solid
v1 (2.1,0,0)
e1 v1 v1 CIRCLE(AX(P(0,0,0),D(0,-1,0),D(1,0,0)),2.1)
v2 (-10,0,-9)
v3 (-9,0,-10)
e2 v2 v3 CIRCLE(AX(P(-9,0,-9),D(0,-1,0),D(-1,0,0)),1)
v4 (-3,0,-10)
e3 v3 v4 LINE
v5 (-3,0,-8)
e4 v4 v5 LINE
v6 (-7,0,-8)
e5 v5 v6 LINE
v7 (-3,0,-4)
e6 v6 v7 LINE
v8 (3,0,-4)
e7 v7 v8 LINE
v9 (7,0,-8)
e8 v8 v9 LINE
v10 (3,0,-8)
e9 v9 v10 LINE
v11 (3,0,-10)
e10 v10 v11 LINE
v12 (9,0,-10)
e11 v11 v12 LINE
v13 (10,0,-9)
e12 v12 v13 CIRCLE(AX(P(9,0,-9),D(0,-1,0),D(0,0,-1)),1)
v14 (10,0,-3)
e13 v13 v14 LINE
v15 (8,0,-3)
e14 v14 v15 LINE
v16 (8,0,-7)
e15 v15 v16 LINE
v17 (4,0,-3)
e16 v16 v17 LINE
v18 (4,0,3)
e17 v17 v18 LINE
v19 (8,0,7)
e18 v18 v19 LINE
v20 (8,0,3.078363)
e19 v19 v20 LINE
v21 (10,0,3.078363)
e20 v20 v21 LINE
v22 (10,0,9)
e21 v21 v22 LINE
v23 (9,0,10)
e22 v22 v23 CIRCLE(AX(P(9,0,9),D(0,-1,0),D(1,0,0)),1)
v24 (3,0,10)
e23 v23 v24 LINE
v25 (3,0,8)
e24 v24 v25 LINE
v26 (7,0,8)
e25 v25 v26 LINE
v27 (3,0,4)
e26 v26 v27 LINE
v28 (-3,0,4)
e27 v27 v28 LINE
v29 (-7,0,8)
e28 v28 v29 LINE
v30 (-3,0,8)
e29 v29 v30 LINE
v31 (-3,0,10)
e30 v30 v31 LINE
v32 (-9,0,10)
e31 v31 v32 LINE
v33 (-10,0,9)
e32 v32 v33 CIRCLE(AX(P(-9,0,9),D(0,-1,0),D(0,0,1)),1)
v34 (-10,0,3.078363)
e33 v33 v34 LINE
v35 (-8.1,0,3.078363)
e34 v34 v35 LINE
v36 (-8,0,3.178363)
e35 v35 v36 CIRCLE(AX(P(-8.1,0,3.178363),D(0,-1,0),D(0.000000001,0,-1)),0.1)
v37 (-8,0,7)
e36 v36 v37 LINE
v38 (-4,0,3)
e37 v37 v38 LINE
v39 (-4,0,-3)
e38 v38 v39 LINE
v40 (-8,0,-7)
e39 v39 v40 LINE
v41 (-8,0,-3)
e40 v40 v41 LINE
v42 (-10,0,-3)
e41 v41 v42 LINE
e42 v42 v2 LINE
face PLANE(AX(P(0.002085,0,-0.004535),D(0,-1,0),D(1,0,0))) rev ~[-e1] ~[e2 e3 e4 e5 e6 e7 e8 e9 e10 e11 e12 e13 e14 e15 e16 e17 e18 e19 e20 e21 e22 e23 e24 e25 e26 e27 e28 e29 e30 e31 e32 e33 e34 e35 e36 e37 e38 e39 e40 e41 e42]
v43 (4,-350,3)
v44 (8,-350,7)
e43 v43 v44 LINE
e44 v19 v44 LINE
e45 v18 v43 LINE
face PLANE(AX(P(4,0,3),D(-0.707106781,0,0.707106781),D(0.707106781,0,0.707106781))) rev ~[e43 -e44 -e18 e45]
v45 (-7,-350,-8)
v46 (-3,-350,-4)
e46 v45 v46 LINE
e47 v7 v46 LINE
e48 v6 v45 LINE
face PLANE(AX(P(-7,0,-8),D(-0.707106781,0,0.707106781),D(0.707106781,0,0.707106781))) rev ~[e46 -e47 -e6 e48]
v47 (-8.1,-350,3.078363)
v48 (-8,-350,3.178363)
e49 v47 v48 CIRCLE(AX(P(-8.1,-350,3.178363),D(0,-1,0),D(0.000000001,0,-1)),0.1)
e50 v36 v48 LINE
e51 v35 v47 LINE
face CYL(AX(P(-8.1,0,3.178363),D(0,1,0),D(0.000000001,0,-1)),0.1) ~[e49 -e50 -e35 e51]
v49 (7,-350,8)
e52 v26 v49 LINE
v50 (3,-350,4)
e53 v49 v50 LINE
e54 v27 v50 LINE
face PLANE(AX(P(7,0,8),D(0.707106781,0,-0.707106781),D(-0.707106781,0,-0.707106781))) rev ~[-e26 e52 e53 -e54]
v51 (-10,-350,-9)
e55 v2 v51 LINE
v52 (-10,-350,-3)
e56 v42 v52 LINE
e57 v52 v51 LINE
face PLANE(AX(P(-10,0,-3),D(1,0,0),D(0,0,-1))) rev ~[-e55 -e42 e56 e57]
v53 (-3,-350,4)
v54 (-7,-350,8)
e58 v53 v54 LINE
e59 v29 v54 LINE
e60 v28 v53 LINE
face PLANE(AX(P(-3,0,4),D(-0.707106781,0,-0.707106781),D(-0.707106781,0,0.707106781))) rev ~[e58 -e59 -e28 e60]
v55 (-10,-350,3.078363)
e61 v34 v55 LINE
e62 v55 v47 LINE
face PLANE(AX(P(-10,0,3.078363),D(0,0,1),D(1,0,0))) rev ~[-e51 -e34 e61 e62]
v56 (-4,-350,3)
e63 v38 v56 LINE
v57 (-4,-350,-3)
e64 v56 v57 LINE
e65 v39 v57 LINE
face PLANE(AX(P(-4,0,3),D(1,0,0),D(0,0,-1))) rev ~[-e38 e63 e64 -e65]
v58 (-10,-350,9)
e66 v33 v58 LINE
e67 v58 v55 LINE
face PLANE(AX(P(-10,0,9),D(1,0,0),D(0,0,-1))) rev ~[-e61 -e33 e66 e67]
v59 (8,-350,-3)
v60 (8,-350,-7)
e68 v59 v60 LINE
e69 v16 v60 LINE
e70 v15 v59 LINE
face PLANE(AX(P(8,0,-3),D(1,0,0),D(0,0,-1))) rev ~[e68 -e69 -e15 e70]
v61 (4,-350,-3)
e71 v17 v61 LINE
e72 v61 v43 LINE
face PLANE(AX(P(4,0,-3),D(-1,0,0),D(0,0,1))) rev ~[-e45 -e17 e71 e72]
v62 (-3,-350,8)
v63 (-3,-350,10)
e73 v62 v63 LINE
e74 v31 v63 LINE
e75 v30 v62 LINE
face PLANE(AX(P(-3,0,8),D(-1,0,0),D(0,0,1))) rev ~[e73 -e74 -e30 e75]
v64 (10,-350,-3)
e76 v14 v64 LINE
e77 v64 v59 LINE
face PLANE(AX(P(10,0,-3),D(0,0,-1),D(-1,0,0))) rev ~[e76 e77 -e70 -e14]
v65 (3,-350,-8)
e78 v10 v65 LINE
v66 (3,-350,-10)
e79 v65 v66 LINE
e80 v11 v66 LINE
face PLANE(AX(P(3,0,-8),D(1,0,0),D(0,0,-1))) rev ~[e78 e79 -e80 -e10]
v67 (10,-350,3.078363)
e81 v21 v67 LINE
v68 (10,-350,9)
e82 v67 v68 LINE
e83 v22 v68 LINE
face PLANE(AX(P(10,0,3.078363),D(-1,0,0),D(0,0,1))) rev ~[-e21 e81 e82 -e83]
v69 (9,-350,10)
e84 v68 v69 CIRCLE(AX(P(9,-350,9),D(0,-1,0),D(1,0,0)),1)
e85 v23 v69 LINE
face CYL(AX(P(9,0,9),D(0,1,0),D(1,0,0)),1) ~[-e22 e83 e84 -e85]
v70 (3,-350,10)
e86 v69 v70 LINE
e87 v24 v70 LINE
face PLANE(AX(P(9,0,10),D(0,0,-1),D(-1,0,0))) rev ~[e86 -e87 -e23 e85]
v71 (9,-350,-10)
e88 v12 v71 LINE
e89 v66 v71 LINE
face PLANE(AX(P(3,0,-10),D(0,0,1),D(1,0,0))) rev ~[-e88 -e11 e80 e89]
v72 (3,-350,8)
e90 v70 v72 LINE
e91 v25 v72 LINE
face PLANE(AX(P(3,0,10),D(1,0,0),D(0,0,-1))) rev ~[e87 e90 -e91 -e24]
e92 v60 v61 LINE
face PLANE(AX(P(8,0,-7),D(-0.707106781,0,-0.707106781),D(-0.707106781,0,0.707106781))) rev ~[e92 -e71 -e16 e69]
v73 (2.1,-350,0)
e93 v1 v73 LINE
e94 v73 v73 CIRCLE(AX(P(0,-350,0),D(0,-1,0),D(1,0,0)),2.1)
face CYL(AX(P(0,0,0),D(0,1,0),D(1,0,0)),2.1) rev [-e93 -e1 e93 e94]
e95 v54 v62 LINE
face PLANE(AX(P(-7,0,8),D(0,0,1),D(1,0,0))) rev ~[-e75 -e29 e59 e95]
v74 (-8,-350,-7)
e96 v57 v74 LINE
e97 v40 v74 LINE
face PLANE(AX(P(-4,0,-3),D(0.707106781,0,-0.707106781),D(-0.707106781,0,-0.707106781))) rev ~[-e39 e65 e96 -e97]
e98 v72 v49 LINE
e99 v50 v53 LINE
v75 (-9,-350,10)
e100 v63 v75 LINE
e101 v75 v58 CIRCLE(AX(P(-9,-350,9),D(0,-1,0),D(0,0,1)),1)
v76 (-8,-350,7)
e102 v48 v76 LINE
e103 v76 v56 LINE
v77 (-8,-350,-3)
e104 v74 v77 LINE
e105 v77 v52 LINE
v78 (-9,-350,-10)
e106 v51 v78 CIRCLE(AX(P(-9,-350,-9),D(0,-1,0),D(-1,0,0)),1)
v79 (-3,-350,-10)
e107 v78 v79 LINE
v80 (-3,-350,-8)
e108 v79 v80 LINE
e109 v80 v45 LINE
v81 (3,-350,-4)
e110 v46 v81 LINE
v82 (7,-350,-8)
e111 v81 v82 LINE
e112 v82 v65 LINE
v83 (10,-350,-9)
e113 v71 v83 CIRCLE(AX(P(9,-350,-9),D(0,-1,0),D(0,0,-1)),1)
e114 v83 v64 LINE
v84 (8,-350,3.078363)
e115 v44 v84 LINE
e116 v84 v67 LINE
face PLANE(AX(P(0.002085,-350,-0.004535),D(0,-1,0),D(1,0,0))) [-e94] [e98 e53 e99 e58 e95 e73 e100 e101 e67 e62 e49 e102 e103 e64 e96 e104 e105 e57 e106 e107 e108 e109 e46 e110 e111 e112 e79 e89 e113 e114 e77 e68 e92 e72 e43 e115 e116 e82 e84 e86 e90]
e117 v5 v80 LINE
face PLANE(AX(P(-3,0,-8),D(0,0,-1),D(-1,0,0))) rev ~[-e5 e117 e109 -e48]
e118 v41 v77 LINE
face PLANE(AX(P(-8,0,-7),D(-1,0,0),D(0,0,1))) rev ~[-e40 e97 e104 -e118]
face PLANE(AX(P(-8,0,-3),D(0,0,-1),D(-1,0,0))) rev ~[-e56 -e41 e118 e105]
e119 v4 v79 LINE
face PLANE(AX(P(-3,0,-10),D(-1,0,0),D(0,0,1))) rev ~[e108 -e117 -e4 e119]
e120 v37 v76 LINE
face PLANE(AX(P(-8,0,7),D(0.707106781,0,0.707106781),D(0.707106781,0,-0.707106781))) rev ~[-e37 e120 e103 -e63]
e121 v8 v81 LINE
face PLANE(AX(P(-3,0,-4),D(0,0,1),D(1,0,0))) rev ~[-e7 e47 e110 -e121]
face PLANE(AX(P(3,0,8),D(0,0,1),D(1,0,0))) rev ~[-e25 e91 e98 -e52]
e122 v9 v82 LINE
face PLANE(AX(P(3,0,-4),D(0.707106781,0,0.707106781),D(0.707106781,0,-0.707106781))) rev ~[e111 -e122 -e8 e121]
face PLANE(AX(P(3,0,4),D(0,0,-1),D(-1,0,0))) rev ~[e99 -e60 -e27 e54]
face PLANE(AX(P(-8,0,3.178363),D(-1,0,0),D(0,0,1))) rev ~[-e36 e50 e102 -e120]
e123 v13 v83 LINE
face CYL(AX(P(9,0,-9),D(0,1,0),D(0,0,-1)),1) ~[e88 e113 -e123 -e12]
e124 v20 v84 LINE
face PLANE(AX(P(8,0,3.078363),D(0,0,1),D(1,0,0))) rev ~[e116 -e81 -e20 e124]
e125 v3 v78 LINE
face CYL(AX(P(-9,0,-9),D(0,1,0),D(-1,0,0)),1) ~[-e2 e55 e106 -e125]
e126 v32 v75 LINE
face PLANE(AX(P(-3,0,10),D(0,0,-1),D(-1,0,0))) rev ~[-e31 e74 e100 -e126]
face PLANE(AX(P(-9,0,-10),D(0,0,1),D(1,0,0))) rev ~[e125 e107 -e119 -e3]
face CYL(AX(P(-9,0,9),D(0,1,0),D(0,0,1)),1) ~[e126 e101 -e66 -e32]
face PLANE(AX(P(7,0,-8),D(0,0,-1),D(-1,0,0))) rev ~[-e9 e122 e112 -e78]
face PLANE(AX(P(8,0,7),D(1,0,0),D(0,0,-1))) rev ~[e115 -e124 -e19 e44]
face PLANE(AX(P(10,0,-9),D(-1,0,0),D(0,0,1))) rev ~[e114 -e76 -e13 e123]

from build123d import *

# Parameters (mm, degrees)
F0_R     = 2.1
F2_DEPTH = 350


with BuildPart() as f2:
    # F0 (on Front) → F2 (new body)
    with BuildSketch(Plane.XZ):
        with BuildLine():
            ThreePointArc((-10, -9), (-9.7071067812, -9.7071067812), (-9, -10))
            Line((-9, -10), (-3, -10))
            Line((-3, -10), (-3, -8))
            Line((-3, -8), (-7, -8))
            Line((-7, -8), (-3, -4))
            Line((-3, -4), (3, -4))
            Line((3, -4), (7, -8))
            Line((7, -8), (3, -8))
            Line((3, -8), (3, -10))
            Line((3, -10), (9, -10))
            ThreePointArc((9, -10), (9.7071067812, -9.7071067812), (10, -9))
            Line((10, -9), (10, -3))
            Line((10, -3), (8, -3))
            Line((8, -3), (8, -7))
            Line((8, -7), (4, -3))
            Line((4, -3), (4, 3))
            Line((4, 3), (8, 7))
            Line((8, 7), (8, 3.0783633339))
            Line((8, 3.0783633339), (10, 3.0783633339))
            Line((10, 3.0783633339), (10, 9))
            ThreePointArc((10, 9), (9.7071067812, 9.7071067812), (9, 10))
            Line((9, 10), (3, 10))
            Line((3, 10), (3, 8))
            Line((3, 8), (7, 8))
            Line((7, 8), (3, 4))
            Line((3, 4), (-3, 4))
            Line((-3, 4), (-7, 8))
            Line((-7, 8), (-3, 8))
            Line((-3, 8), (-3, 10))
            Line((-3, 10), (-9, 10))
            ThreePointArc((-9, 10), (-9.7071067812, 9.7071067812), (-10, 9))
            Line((-10, 9), (-10, 3.0783633339))
            Line((-10, 3.0783633339), (-8.1, 3.0783633339))
            ThreePointArc((-8.1, 3.0783633339), (-8.0292893219, 3.1076526558), (-8, 3.1783633339))
            Line((-8, 3.1783633339), (-8, 7))
            Line((-8, 7), (-4, 3))
            Line((-4, 3), (-4, -3))
            Line((-4, -3), (-8, -7))
            Line((-8, -7), (-8, -3))
            Line((-8, -3), (-10, -3))
            Line((-10, -3), (-10, -9))
        make_face()
        Circle(F0_R, mode=Mode.SUBTRACT)
    extrude(amount=F2_DEPTH)


solid = f2.part
